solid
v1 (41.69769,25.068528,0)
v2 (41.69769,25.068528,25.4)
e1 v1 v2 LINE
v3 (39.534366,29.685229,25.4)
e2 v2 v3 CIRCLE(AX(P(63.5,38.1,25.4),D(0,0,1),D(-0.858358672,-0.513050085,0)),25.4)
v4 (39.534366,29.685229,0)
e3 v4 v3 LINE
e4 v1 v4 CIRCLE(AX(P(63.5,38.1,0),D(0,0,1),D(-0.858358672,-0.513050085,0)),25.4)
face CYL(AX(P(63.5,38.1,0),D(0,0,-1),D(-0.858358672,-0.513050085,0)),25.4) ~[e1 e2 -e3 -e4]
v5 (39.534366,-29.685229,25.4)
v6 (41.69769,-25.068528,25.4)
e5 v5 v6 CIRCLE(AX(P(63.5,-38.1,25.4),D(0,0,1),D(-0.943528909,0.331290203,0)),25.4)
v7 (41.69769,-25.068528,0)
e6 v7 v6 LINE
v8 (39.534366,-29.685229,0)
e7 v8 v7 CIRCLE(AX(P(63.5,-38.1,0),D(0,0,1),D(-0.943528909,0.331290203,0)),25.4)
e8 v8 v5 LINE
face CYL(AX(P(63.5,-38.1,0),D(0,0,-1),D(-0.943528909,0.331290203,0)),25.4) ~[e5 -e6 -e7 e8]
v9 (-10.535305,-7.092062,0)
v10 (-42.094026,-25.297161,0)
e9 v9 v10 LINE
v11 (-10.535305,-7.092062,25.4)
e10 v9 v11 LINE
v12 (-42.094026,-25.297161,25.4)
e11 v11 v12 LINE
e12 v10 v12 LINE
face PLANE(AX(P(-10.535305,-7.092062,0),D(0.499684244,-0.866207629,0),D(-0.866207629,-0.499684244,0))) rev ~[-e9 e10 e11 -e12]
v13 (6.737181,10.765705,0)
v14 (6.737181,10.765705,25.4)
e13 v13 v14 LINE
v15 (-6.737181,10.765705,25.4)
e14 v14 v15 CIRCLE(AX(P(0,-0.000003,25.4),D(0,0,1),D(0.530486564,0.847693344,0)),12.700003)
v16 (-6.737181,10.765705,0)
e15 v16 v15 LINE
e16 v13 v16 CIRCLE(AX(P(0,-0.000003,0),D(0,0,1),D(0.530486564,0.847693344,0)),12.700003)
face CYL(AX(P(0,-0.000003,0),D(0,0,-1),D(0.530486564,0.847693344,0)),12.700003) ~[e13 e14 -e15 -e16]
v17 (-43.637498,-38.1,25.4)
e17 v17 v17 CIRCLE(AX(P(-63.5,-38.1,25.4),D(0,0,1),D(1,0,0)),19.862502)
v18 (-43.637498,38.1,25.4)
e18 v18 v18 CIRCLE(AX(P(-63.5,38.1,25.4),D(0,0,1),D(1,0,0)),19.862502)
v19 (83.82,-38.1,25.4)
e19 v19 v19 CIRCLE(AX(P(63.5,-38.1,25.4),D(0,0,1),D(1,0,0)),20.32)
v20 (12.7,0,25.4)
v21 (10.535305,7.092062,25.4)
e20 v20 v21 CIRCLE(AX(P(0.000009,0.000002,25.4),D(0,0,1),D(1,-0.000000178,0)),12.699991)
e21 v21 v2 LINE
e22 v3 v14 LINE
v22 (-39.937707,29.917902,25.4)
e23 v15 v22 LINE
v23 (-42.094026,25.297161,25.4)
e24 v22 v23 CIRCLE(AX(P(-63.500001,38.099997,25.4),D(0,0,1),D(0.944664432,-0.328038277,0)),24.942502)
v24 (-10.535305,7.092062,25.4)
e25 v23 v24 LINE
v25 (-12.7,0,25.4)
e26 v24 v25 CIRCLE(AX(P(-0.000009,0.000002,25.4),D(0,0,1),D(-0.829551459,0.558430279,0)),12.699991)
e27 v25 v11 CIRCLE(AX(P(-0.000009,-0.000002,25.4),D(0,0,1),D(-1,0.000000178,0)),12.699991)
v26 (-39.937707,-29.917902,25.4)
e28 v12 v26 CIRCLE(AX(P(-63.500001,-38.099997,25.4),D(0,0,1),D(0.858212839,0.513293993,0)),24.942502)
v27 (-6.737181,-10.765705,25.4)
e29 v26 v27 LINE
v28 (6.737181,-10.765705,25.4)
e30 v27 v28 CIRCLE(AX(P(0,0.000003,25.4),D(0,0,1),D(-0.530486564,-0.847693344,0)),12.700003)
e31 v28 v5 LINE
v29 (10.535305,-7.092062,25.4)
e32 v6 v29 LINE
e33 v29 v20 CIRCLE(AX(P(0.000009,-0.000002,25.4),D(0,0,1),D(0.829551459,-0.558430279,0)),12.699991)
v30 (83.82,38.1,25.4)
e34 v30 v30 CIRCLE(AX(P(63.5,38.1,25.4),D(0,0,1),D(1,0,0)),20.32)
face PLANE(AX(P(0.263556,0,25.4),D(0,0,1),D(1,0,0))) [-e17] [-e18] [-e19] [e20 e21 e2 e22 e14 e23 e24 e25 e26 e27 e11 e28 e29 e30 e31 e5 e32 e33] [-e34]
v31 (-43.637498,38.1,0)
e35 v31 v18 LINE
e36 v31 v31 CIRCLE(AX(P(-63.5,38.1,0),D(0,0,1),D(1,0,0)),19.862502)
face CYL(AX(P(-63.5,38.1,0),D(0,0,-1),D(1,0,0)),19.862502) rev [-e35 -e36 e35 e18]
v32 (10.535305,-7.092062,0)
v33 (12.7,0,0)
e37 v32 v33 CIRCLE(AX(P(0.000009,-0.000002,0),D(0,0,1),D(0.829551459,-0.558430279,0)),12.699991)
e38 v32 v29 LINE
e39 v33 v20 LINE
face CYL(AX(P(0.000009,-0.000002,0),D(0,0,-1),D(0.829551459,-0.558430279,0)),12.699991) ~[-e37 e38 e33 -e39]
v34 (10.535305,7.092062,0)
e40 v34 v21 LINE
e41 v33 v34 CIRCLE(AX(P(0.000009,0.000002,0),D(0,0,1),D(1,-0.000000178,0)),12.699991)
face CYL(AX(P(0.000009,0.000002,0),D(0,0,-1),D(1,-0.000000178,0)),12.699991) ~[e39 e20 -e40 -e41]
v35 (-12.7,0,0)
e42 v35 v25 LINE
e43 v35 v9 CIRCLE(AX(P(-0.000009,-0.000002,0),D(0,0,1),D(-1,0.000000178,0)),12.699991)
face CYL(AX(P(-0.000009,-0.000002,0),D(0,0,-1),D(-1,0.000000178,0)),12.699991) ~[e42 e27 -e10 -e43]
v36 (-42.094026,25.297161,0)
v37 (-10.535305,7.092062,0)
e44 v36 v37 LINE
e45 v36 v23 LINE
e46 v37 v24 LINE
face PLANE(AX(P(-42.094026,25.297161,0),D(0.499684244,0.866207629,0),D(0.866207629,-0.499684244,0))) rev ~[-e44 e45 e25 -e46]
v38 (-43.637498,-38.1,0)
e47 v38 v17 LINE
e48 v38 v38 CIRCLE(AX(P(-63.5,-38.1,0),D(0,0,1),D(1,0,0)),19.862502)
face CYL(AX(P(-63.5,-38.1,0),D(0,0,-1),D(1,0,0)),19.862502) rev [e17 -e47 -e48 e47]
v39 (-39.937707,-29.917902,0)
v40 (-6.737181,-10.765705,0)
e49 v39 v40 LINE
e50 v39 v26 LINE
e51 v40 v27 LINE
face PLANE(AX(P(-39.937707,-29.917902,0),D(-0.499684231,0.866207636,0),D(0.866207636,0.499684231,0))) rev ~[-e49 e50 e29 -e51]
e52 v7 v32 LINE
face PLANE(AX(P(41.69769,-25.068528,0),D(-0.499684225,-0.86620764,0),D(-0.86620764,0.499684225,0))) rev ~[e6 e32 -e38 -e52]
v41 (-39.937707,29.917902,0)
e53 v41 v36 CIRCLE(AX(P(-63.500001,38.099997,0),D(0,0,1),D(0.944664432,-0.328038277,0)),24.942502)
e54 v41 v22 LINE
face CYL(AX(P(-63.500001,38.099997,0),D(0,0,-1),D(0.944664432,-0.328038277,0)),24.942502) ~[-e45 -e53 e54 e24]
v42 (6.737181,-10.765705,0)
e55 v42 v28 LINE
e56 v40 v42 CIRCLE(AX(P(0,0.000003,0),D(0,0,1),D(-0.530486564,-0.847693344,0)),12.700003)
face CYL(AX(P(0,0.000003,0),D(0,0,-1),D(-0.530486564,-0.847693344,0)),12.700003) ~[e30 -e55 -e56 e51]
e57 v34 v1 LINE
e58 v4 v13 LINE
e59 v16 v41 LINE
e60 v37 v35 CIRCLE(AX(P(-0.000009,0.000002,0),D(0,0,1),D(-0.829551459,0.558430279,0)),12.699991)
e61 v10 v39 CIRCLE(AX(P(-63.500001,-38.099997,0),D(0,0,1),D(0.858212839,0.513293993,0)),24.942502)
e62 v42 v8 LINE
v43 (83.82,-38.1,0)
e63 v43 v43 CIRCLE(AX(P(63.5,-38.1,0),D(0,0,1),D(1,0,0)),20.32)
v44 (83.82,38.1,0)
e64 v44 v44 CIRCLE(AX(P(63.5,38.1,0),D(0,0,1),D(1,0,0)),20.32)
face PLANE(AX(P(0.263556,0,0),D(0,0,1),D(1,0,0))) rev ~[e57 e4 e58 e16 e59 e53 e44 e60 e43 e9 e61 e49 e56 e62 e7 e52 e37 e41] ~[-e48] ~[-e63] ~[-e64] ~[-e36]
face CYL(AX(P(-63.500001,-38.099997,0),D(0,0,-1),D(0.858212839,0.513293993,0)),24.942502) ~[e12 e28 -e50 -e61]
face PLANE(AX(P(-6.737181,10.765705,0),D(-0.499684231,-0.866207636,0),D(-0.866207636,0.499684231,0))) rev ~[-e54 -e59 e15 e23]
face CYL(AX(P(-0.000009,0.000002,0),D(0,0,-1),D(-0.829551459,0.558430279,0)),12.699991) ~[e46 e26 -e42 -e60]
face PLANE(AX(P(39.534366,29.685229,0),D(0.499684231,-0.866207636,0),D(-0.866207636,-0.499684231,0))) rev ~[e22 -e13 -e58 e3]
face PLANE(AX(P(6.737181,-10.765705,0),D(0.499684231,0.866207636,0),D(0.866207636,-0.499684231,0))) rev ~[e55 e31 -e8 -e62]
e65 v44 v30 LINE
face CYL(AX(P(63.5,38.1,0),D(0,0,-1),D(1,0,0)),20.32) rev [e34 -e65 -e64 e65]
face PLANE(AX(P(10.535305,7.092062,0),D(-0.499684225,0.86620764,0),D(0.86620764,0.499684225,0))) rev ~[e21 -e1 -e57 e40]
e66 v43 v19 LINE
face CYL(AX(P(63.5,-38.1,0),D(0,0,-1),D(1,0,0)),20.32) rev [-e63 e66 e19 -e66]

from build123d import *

# Parameters (mm, degrees)
F0_R     = 19.862502
F0_R_2   = 20.32
F1_DEPTH = 25.4


with BuildPart() as f1:
    # F0 (on Top) → F1 (new body)
    with BuildSketch(Plane.XY):
        with BuildLine():
            Line((-6.737181, 10.765705), (-39.937707, 29.917902))
            ThreePointArc((-39.937707, 29.917902), (-86.102523, 48.647717), (-42.094026, 25.297161))
            Line((-42.094026, 25.297161), (-10.535305, 7.092062))
            ThreePointArc((-10.535305, 7.092062), (-12.146777, 3.707535), (-12.7, 0))
            ThreePointArc((-12.7, 0), (-12.146777, -3.707535), (-10.535305, -7.092062))
            Line((-10.535305, -7.092062), (-42.094026, -25.297161))
            ThreePointArc((-42.094026, -25.297161), (-86.102523, -48.647717), (-39.937707, -29.917902))
            Line((-39.937707, -29.917902), (-6.737181, -10.765705))
            ThreePointArc((-6.737181, -10.765705), (0, -12.7), (6.737181, -10.765705))
            Line((6.737181, -10.765705), (39.534366, -29.685229))
            ThreePointArc((39.534366, -29.685229), (86.500102, -48.877538), (41.69769, -25.068528))
            Line((41.69769, -25.068528), (10.535305, -7.092062))
            ThreePointArc((10.535305, -7.092062), (12.146777, -3.707535), (12.7, 0))
            ThreePointArc((12.7, 0), (12.146777, 3.707535), (10.535305, 7.092062))
            Line((10.535305, 7.092062), (41.69769, 25.068528))
            ThreePointArc((41.69769, 25.068528), (86.500102, 48.877538), (39.534366, 29.685229))
            Line((39.534366, 29.685229), (6.737181, 10.765705))
            ThreePointArc((6.737181, 10.765705), (0, 12.7), (-6.737181, 10.765705))
        make_face()
        with Locations((-63.5, -38.1)):
            Circle(F0_R, mode=Mode.SUBTRACT)
        with Locations((63.5, -38.1)):
            Circle(F0_R_2, mode=Mode.SUBTRACT)
        with Locations((-63.5, 38.1)):
            Circle(F0_R, mode=Mode.SUBTRACT)
        with Locations((63.5, 38.1)):
            Circle(F0_R_2, mode=Mode.SUBTRACT)
    extrude(amount=F1_DEPTH)


solid = f1.part
